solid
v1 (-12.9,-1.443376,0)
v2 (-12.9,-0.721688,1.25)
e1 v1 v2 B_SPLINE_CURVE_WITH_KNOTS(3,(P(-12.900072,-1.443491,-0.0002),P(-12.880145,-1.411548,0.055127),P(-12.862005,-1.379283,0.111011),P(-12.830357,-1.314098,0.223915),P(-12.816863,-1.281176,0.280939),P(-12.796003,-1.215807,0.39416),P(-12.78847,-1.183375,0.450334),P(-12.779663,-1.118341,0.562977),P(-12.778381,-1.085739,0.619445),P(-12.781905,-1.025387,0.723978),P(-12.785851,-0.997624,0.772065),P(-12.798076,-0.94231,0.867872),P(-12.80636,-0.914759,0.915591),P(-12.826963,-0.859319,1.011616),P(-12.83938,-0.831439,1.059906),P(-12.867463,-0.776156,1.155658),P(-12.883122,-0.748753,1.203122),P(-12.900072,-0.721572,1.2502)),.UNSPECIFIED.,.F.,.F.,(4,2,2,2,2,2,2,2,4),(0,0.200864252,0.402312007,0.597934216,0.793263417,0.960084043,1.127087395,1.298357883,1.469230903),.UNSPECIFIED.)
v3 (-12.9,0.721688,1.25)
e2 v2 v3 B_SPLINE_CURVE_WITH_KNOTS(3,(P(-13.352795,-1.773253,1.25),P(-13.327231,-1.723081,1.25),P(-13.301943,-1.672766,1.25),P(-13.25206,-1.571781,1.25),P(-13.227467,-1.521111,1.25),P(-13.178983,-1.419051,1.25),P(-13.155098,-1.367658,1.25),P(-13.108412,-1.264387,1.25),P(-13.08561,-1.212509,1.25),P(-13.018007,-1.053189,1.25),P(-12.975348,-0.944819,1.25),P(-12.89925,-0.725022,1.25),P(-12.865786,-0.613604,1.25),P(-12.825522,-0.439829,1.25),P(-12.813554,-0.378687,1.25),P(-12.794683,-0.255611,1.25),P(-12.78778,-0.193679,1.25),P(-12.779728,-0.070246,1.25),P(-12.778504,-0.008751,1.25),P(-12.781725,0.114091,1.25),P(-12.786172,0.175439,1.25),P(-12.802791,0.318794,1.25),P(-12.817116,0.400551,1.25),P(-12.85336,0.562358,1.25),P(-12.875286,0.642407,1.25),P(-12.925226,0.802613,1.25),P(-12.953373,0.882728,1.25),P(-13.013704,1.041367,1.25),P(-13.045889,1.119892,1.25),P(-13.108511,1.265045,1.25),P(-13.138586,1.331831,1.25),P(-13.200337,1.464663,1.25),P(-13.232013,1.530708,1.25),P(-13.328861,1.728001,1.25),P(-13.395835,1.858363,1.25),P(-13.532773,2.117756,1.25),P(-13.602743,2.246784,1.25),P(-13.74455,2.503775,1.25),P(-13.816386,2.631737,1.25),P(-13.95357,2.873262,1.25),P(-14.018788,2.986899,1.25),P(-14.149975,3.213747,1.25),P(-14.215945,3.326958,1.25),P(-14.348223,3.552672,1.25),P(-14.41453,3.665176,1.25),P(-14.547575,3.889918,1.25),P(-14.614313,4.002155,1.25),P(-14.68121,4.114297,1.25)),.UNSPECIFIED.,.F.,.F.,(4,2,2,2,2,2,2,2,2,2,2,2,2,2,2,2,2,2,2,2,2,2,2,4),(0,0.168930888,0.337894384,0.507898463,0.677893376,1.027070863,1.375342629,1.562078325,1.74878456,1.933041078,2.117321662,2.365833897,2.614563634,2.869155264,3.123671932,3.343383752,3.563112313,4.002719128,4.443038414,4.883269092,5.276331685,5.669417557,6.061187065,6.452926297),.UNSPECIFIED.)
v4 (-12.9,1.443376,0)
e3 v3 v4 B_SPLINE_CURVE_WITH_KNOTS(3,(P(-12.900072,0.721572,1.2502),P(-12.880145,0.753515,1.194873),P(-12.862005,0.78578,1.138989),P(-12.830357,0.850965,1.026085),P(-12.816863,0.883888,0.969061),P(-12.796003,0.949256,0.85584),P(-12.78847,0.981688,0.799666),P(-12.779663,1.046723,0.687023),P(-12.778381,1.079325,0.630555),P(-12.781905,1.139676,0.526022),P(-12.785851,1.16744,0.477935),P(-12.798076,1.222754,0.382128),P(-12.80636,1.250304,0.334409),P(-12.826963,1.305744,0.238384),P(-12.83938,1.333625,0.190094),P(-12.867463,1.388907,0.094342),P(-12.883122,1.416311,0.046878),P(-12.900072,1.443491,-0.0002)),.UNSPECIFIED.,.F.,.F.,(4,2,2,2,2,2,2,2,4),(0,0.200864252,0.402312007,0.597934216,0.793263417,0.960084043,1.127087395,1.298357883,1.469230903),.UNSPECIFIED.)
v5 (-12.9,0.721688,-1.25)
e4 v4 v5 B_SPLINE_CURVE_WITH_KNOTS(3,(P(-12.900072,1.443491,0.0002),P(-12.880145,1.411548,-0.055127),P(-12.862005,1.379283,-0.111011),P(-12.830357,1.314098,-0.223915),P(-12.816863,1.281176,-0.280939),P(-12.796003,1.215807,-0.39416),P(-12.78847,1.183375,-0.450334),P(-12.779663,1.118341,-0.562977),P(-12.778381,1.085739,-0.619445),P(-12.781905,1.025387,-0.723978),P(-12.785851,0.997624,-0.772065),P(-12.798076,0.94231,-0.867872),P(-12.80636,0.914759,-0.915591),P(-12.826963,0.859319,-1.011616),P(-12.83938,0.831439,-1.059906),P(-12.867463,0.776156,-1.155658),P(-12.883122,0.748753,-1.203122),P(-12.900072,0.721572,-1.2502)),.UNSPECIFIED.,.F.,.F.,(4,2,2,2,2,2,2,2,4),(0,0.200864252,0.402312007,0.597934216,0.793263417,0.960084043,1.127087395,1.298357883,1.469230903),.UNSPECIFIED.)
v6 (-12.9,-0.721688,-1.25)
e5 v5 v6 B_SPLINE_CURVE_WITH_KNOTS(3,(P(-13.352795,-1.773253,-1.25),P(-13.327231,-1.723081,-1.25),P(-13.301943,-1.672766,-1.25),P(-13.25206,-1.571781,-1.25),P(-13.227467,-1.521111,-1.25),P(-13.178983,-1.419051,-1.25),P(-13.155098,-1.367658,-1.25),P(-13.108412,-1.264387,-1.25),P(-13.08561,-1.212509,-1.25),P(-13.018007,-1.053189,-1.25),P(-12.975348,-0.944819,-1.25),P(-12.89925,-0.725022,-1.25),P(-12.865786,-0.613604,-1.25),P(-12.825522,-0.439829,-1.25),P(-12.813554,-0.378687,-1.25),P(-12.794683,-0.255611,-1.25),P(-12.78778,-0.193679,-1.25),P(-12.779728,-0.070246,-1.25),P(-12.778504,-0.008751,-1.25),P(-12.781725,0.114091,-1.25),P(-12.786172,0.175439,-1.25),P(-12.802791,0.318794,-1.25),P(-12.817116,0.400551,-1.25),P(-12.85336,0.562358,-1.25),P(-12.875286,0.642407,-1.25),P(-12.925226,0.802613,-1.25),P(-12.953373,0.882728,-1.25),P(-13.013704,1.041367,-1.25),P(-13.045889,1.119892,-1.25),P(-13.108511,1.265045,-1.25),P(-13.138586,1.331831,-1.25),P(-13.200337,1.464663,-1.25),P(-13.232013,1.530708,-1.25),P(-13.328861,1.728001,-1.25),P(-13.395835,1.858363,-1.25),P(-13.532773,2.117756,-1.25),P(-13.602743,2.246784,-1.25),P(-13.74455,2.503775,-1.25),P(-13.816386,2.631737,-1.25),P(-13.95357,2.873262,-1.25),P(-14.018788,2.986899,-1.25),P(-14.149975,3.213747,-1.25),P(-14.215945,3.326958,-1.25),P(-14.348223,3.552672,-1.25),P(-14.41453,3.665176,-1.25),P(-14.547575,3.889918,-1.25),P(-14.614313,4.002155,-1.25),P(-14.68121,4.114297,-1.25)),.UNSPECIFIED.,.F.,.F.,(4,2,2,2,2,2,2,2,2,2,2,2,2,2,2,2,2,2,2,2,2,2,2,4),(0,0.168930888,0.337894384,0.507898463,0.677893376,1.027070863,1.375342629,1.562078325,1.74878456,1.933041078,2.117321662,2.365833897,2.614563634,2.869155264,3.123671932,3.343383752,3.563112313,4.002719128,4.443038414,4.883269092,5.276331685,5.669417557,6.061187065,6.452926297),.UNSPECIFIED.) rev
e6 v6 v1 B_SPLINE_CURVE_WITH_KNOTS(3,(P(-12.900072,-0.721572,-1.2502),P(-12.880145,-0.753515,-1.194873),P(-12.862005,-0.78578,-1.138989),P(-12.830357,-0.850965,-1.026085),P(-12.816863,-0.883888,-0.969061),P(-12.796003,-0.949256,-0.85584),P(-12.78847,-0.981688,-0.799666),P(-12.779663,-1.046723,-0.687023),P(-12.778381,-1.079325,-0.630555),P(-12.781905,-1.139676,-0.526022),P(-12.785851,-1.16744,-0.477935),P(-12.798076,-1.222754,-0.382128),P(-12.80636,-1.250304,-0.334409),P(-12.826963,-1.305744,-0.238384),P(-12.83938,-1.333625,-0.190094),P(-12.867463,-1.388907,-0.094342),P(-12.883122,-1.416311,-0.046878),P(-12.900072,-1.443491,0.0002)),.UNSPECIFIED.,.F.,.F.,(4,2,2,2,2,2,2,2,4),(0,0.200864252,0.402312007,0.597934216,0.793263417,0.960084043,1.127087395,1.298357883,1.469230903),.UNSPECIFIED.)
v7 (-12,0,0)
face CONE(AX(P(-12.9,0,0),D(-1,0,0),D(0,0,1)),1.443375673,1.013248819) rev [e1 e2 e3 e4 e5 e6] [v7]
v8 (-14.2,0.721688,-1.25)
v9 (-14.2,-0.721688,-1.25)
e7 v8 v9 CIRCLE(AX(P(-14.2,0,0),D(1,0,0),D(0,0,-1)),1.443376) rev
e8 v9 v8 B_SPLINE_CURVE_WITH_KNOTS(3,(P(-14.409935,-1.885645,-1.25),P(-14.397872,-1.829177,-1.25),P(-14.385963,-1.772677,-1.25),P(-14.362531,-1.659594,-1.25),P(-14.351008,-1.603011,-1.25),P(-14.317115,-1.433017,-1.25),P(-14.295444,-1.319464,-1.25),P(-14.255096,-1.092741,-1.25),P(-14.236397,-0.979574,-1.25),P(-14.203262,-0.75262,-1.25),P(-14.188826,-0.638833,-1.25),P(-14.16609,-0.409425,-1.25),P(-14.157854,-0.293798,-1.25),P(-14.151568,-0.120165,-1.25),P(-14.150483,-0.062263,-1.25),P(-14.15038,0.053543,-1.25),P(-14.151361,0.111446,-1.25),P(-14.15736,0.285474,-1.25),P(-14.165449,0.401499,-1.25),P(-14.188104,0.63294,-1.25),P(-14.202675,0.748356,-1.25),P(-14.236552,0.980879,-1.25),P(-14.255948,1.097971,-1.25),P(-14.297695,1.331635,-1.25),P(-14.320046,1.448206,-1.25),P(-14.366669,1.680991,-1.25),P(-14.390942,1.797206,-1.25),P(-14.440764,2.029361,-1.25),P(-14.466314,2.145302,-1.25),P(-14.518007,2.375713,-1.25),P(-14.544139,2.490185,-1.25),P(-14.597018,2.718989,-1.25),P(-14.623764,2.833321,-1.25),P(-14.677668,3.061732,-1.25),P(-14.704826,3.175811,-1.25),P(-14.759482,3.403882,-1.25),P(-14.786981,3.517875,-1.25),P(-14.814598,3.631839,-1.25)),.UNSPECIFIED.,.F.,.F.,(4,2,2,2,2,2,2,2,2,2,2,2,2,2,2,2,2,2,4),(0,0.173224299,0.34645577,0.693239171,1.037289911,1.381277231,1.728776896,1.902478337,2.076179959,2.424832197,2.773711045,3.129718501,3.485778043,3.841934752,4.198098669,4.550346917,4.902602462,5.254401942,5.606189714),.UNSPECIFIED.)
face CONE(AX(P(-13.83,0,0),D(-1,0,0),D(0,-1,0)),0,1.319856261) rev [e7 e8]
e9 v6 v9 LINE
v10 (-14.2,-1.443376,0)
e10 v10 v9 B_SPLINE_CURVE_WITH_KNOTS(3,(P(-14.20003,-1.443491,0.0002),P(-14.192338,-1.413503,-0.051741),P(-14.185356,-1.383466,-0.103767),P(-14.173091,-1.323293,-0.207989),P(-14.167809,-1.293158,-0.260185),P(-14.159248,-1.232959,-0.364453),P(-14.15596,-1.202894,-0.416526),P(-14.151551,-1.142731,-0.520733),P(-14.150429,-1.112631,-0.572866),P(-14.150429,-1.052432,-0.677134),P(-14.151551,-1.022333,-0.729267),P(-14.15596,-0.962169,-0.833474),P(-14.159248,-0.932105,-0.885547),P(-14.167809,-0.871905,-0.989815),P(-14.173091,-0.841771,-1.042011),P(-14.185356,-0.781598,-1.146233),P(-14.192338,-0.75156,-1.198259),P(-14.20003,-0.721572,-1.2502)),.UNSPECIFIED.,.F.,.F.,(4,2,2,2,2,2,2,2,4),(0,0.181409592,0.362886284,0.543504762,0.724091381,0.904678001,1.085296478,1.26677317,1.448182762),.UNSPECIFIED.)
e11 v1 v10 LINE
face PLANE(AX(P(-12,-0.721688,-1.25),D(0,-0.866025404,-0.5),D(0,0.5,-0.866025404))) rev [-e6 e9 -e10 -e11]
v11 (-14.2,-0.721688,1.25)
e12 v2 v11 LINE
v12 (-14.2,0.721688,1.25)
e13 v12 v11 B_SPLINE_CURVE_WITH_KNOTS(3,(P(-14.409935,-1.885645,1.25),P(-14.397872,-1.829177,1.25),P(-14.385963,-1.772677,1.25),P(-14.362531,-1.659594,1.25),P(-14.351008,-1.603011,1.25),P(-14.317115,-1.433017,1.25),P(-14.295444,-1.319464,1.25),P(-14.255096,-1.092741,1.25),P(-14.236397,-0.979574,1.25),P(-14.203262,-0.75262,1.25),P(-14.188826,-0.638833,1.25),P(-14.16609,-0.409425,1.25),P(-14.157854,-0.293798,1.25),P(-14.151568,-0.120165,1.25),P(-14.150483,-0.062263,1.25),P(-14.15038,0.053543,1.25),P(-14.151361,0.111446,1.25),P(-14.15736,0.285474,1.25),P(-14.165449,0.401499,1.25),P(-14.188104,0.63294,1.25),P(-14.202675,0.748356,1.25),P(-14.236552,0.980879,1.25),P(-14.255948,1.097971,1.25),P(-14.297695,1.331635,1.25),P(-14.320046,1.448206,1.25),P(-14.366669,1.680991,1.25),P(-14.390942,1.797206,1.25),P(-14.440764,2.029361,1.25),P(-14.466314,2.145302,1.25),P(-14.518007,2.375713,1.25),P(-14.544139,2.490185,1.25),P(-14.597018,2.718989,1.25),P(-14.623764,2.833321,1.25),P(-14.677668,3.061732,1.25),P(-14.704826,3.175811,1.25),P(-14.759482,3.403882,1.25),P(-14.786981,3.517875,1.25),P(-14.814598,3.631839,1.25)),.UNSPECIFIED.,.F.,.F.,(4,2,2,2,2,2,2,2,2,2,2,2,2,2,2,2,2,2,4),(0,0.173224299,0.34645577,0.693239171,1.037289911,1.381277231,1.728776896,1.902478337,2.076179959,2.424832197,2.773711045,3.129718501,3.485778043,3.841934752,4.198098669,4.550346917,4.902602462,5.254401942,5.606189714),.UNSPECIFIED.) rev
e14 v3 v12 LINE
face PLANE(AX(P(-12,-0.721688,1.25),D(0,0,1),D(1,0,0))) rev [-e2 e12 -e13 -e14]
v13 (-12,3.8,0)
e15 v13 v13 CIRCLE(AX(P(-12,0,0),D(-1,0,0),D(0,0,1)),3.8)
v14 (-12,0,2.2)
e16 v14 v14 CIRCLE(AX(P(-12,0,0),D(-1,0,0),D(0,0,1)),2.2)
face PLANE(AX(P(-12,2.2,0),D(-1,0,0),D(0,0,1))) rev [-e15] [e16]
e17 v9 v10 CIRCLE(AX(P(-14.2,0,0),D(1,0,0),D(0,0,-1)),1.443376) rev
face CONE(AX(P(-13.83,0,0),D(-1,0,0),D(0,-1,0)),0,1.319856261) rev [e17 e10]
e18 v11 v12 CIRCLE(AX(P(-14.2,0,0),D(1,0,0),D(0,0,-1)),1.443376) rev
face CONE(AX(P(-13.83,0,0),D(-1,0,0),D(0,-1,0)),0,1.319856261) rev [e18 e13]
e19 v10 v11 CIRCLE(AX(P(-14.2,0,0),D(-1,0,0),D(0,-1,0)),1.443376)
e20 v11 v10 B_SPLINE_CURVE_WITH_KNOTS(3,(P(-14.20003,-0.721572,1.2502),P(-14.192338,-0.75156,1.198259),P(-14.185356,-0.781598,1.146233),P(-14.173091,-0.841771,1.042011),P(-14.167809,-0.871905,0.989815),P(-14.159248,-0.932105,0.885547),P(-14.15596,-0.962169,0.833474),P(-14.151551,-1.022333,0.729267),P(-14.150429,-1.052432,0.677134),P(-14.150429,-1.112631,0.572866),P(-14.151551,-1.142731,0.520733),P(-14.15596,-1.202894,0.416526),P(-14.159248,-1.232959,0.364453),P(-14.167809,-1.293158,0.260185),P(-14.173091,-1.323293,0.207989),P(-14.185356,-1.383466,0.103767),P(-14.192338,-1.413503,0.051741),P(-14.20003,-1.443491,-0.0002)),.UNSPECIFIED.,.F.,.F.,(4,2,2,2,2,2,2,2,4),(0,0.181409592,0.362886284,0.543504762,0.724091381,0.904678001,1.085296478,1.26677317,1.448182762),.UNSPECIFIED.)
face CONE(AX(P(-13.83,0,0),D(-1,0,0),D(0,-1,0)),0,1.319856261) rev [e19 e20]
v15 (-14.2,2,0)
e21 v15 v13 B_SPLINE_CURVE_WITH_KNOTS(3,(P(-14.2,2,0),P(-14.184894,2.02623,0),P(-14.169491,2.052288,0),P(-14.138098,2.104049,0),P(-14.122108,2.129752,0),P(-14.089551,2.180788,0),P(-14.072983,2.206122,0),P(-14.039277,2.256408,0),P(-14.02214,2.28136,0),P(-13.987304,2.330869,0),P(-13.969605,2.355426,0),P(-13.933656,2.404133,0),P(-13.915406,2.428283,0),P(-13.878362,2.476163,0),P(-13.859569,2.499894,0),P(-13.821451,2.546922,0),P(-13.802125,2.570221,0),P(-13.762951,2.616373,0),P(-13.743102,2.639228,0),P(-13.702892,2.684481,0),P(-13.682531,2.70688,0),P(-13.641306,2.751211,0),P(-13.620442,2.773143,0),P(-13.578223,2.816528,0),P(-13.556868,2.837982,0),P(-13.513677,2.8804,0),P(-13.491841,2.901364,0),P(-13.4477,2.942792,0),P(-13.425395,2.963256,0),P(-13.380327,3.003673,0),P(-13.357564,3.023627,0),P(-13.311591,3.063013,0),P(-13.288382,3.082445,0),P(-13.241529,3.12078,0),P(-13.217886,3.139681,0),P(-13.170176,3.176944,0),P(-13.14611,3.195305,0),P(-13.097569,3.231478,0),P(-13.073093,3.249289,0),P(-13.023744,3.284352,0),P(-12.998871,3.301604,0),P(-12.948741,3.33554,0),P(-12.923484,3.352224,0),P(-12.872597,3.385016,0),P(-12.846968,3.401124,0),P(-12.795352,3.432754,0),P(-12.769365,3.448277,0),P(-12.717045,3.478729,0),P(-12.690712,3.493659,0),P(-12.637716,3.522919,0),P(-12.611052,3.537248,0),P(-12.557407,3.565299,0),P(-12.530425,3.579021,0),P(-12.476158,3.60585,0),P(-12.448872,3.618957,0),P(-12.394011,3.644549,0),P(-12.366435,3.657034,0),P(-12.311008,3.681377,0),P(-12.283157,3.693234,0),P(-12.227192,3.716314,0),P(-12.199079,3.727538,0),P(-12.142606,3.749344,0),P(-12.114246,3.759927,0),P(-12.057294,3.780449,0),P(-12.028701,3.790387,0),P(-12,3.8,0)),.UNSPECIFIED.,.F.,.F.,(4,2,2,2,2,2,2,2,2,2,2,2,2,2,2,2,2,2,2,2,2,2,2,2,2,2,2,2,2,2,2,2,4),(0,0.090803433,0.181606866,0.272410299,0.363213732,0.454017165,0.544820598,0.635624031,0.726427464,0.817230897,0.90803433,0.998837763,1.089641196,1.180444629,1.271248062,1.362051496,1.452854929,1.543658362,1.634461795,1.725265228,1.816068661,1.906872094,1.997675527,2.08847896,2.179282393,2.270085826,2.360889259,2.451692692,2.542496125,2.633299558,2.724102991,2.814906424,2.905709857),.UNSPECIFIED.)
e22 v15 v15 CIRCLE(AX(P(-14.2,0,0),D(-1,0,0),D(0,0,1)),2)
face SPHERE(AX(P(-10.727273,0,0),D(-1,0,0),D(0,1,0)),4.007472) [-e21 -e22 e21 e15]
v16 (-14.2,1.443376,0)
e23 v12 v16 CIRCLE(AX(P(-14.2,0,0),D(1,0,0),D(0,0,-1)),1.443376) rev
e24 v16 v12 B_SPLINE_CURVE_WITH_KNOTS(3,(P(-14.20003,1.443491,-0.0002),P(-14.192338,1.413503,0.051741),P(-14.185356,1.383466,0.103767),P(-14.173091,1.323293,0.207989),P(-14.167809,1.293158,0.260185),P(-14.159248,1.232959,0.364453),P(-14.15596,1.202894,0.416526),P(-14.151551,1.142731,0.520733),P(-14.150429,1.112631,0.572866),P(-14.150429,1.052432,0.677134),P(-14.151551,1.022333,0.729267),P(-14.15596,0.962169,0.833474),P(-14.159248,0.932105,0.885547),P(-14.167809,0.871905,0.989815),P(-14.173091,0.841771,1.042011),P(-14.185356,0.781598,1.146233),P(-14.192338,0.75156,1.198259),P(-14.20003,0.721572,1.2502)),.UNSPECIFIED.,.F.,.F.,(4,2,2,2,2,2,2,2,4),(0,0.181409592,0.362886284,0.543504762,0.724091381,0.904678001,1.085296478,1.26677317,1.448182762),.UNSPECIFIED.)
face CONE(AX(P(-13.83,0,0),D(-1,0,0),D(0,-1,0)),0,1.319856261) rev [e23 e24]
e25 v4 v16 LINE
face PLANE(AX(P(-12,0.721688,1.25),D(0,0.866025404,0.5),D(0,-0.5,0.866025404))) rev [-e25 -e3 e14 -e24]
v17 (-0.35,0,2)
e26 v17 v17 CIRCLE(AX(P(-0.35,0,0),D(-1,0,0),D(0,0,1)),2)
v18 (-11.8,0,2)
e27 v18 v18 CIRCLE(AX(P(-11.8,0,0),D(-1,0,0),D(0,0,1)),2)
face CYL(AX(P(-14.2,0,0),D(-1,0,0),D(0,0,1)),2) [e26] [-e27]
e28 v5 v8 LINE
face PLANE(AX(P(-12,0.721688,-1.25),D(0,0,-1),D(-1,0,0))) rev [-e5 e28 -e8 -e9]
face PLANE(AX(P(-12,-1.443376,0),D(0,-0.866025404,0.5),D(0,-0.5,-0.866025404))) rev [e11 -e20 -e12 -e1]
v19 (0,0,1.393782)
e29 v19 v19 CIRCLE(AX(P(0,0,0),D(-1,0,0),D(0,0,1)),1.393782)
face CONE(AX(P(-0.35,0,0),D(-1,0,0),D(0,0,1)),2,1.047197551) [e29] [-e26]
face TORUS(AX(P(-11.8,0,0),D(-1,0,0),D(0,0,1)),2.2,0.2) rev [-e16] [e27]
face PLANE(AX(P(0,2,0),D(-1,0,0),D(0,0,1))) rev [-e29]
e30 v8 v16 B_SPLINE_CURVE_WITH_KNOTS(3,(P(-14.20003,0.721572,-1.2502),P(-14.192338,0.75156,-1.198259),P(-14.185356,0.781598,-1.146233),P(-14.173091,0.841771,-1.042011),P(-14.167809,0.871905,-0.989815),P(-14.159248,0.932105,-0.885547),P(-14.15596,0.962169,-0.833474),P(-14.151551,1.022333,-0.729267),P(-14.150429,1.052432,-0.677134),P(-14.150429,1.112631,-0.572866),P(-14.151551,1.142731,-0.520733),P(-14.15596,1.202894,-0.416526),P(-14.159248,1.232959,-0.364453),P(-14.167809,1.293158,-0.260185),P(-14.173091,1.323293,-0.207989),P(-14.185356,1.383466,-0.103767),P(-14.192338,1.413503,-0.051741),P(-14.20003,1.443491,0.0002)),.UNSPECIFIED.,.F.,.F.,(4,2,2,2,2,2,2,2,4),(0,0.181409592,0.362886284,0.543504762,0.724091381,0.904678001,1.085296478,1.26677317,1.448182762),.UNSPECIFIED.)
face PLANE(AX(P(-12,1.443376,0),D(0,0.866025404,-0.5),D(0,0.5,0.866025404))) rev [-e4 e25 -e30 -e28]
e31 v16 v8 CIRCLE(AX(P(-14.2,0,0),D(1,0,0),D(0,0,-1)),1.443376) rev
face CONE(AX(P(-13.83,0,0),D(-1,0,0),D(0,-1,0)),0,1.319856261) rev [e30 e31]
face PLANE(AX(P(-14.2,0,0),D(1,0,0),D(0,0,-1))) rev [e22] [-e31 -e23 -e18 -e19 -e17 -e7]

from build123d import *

# Parameters (mm, degrees)
CUT_EXTRUDE_1_DEPTH = 2.2


with BuildPart() as part:
    # 草图1 → 旋转1 (revolve)
    with BuildSketch(Plane.XY):
        with BuildLine():
            Line((0, 2), (-11.8, 2))
            ThreePointArc((-11.8, 2), (-11.941421356, 2.058578644), (-12, 2.2))
            Line((-12, 2.2), (-12, 3.8))
            ThreePointArc((-12, 3.8), (-13.264955669, 3.101612484), (-14.2, 2))
            Line((-14.2, 2), (-14.2, 0))
            Line((-14.2, 0), (0, 0))
            Line((0, 0), (0, 2))
        make_face()
    revolve(axis=Axis((-14.2, 0, 0), (1, 0, 0)))

    # 草图2 → 切除-拉伸1 (cut)
    with BuildSketch(Plane.ZY.offset(14.2)):
        Polygon((0, 1.443375673), (-1.25, 0.721687836), (-1.25, -0.721687836), (0, -1.443375673), (1.25, -0.721687836), (1.25, 0.721687836), align=None)
    extrude(amount=-CUT_EXTRUDE_1_DEPTH, mode=Mode.SUBTRACT)

    # 草图6 → 旋转2 (revolve)
    with BuildSketch(Plane.XY):
        Polygon((-12.9, 1.443375673), (-12, 0), (-11.63, 0), (-11.63, 1.443375673), align=None)
    revolve(axis=Axis((-14.2, 0, 0), (1, 0, 0)))

    # 草图7 → 切除-旋转5 (revolve, cut)
    with BuildSketch(Plane.XY):
        Polygon((-14.2, 1.443375673), (-13.83, 0), (-14.2, 0), align=None)
    revolve(axis=Axis((-14.2, 0, 0), (1, 0, 0)), mode=Mode.SUBTRACT)

    # 草图4 → 切除-旋转1 (revolve, cut)
    with BuildSketch(Plane.XY):
        Polygon((-0.35, 2), (0, 1.393782217), (0.35, 2), align=None)
    revolve(axis=Axis((-0.35, 0, 0), (1, 0, 0)), mode=Mode.SUBTRACT)


solid = part.part
